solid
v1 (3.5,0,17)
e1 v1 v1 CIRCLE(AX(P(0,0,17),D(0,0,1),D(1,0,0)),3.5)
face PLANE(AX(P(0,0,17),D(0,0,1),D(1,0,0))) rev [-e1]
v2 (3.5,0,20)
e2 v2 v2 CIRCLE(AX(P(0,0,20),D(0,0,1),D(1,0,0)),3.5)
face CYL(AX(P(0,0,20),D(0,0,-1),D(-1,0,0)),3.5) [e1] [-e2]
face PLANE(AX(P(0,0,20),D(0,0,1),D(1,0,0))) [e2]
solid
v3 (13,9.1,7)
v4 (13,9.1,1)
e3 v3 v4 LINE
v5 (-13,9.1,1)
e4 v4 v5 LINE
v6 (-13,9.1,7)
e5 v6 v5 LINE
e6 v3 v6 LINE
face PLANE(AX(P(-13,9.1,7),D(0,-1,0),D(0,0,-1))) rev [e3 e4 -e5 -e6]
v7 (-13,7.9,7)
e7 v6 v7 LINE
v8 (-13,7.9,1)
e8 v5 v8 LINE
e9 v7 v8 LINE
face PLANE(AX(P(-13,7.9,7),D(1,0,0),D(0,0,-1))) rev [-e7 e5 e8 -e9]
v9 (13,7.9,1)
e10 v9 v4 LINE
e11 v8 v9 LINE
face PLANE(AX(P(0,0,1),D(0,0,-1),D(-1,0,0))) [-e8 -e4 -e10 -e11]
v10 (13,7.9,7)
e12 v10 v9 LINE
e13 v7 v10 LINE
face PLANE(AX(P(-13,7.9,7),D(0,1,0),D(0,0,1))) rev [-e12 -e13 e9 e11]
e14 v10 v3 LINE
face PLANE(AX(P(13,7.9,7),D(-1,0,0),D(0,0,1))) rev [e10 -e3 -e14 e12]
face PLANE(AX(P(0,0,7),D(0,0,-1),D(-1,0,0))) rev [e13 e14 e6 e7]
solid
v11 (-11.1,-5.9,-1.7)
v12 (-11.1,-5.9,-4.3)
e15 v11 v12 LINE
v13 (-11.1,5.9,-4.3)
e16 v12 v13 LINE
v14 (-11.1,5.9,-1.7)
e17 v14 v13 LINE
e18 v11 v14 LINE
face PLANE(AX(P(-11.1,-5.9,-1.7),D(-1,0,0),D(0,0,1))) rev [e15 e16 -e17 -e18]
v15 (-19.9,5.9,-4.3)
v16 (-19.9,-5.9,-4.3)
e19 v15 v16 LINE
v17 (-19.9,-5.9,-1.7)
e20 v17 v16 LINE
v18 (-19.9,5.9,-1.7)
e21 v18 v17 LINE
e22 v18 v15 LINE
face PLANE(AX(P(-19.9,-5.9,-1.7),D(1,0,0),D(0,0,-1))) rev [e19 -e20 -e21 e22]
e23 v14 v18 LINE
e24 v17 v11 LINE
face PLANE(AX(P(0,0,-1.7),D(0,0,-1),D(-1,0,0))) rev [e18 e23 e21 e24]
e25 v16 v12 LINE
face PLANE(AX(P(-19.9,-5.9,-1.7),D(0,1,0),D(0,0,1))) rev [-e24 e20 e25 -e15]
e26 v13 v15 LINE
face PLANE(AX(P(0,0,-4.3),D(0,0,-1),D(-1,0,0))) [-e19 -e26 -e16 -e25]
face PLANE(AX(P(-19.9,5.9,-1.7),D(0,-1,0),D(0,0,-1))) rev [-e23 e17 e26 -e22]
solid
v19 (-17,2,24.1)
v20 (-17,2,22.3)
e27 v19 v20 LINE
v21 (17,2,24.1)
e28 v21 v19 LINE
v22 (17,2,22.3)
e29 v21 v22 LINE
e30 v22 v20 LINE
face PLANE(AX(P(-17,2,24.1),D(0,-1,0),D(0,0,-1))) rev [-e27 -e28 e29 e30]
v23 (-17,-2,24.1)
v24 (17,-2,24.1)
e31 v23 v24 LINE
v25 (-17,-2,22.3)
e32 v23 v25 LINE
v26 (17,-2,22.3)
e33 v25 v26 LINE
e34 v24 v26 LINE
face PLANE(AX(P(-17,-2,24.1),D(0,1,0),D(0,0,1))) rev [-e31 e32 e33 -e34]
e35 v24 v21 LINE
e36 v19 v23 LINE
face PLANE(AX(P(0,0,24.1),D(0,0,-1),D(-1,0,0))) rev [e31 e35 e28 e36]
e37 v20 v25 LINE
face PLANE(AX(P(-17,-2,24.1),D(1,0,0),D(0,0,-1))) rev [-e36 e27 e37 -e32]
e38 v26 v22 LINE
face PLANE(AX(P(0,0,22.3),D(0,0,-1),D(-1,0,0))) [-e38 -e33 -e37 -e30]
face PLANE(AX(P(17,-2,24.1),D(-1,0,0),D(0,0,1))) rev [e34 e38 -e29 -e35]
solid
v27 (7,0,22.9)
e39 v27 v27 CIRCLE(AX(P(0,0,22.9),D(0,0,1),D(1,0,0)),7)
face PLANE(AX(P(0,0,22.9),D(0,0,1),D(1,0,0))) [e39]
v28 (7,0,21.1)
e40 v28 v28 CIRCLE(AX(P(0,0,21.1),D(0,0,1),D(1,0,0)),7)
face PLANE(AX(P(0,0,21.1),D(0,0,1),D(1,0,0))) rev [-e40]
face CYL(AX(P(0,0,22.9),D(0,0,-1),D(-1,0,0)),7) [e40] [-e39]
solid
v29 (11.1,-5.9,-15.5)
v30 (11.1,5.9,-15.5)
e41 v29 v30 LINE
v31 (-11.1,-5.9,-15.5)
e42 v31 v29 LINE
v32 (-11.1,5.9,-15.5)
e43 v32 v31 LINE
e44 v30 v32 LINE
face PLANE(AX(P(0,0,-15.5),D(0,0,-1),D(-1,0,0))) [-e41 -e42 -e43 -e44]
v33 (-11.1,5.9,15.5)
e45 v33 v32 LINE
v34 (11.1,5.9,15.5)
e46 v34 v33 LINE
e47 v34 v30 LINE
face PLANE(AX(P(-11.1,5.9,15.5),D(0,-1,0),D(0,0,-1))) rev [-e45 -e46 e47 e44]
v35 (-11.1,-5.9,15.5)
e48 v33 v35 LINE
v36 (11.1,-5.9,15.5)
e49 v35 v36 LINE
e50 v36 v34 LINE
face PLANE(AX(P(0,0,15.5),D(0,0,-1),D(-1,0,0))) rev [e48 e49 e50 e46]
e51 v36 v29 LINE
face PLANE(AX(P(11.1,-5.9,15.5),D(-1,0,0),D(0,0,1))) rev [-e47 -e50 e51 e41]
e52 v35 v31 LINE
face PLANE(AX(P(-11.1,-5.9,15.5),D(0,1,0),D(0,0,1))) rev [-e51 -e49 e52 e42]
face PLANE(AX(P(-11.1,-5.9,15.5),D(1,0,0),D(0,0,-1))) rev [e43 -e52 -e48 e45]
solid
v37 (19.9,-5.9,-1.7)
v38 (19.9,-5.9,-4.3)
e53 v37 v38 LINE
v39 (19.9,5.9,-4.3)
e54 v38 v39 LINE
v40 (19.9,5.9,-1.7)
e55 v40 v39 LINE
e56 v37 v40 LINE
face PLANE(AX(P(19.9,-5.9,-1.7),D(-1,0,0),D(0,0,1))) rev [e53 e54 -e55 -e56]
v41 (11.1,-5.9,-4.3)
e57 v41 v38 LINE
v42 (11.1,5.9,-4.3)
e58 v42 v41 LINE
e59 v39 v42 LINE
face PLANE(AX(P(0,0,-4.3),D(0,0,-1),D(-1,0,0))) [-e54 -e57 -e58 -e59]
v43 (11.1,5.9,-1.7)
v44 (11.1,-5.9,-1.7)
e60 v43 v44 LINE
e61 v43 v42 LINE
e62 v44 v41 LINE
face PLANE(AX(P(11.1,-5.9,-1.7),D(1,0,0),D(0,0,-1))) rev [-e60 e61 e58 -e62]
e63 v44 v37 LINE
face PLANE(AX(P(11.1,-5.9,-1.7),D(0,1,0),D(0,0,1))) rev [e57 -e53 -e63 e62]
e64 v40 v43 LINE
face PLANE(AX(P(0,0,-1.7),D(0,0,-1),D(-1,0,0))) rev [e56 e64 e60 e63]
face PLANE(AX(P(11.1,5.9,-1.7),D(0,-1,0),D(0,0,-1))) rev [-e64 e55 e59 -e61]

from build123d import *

# Parameters (mm, degrees)
SG90_START                                 = -15.5
SKETCH_1_W                                 = 22.2
SKETCH_1_H                                 = 11.8
SG90_BODY_APPROX_22_2_X_11_8_X_31_MM_DEPTH = 31
SG90_START_2                               = -4.3
SKETCH_2_W                                 = 8.8
SKETCH_2_H                                 = 11.8
SG90_MOUNTING_EAR_LEFT_DEPTH               = 2.6
SKETCH_3_W                                 = 8.8
SKETCH_3_H                                 = 11.8
SG90_MOUNTING_EAR_RIGHT_DEPTH              = 2.6
SERVO_START                                = 17
SKETCH_4_R                                 = 3.5
SERVO_SPLINE_HUB_DEPTH                     = 3
SERVO_START_2                              = 21.1
SKETCH_5_R                                 = 7
SERVO_HORN_CENTER_DEPTH                    = 1.8
SERVO_START_3                              = 22.3
SKETCH_6_W                                 = 34
SKETCH_6_H                                 = 4
SERVO_HORN_ARM_DEPTH                       = 1.8
SERVO_START_4                              = 1
SKETCH_7_W                                 = 26
SKETCH_7_H                                 = 1.2
SERVO_LABEL_PLATE_SG90_DEPTH               = 6


with BuildPart() as part:
    # 草图1 → SG90 body - approx 22.2 x 11.8 x 31 mm (new body)
    with BuildSketch(Plane.XY.offset(SG90_START)):
        Rectangle(SKETCH_1_W, SKETCH_1_H)
    extrude(amount=SG90_BODY_APPROX_22_2_X_11_8_X_31_MM_DEPTH)


with BuildPart() as body_2:
    # 草图2 → SG90 mounting ear left (new body)
    with BuildSketch(Plane.XY.offset(SG90_START_2)):
        with Locations((-15.5, 0)):
            Rectangle(SKETCH_2_W, SKETCH_2_H)
    extrude(amount=SG90_MOUNTING_EAR_LEFT_DEPTH)


with BuildPart() as body_3:
    # 草图3 → SG90 mounting ear right (new body)
    with BuildSketch(Plane.XY.offset(SG90_START_2)):
        with Locations((15.5, 0)):
            Rectangle(SKETCH_3_W, SKETCH_3_H)
    extrude(amount=SG90_MOUNTING_EAR_RIGHT_DEPTH)


with BuildPart() as body_4:
    # 草图4 → servo spline hub (new body)
    with BuildSketch(Plane.XY.offset(SERVO_START)):
        Circle(SKETCH_4_R)
    extrude(amount=SERVO_SPLINE_HUB_DEPTH)


with BuildPart() as body_5:
    # 草图5 → servo horn center (new body)
    with BuildSketch(Plane.XY.offset(SERVO_START_2)):
        Circle(SKETCH_5_R)
    extrude(amount=SERVO_HORN_CENTER_DEPTH)


with BuildPart() as body_6:
    # 草图6 → servo horn arm (new body)
    with BuildSketch(Plane.XY.offset(SERVO_START_3)):
        Rectangle(SKETCH_6_W, SKETCH_6_H)
    extrude(amount=SERVO_HORN_ARM_DEPTH)


with BuildPart() as body_7:
    # 草图7 → servo label plate - SG90 (new body)
    with BuildSketch(Plane.XY.offset(SERVO_START_4)):
        with Locations((0, 8.5)):
            Rectangle(SKETCH_7_W, SKETCH_7_H)
    extrude(amount=SERVO_LABEL_PLATE_SG90_DEPTH)


solid = Compound([part.part, body_2.part, body_3.part, body_4.part, body_5.part, body_6.part, body_7.part])
